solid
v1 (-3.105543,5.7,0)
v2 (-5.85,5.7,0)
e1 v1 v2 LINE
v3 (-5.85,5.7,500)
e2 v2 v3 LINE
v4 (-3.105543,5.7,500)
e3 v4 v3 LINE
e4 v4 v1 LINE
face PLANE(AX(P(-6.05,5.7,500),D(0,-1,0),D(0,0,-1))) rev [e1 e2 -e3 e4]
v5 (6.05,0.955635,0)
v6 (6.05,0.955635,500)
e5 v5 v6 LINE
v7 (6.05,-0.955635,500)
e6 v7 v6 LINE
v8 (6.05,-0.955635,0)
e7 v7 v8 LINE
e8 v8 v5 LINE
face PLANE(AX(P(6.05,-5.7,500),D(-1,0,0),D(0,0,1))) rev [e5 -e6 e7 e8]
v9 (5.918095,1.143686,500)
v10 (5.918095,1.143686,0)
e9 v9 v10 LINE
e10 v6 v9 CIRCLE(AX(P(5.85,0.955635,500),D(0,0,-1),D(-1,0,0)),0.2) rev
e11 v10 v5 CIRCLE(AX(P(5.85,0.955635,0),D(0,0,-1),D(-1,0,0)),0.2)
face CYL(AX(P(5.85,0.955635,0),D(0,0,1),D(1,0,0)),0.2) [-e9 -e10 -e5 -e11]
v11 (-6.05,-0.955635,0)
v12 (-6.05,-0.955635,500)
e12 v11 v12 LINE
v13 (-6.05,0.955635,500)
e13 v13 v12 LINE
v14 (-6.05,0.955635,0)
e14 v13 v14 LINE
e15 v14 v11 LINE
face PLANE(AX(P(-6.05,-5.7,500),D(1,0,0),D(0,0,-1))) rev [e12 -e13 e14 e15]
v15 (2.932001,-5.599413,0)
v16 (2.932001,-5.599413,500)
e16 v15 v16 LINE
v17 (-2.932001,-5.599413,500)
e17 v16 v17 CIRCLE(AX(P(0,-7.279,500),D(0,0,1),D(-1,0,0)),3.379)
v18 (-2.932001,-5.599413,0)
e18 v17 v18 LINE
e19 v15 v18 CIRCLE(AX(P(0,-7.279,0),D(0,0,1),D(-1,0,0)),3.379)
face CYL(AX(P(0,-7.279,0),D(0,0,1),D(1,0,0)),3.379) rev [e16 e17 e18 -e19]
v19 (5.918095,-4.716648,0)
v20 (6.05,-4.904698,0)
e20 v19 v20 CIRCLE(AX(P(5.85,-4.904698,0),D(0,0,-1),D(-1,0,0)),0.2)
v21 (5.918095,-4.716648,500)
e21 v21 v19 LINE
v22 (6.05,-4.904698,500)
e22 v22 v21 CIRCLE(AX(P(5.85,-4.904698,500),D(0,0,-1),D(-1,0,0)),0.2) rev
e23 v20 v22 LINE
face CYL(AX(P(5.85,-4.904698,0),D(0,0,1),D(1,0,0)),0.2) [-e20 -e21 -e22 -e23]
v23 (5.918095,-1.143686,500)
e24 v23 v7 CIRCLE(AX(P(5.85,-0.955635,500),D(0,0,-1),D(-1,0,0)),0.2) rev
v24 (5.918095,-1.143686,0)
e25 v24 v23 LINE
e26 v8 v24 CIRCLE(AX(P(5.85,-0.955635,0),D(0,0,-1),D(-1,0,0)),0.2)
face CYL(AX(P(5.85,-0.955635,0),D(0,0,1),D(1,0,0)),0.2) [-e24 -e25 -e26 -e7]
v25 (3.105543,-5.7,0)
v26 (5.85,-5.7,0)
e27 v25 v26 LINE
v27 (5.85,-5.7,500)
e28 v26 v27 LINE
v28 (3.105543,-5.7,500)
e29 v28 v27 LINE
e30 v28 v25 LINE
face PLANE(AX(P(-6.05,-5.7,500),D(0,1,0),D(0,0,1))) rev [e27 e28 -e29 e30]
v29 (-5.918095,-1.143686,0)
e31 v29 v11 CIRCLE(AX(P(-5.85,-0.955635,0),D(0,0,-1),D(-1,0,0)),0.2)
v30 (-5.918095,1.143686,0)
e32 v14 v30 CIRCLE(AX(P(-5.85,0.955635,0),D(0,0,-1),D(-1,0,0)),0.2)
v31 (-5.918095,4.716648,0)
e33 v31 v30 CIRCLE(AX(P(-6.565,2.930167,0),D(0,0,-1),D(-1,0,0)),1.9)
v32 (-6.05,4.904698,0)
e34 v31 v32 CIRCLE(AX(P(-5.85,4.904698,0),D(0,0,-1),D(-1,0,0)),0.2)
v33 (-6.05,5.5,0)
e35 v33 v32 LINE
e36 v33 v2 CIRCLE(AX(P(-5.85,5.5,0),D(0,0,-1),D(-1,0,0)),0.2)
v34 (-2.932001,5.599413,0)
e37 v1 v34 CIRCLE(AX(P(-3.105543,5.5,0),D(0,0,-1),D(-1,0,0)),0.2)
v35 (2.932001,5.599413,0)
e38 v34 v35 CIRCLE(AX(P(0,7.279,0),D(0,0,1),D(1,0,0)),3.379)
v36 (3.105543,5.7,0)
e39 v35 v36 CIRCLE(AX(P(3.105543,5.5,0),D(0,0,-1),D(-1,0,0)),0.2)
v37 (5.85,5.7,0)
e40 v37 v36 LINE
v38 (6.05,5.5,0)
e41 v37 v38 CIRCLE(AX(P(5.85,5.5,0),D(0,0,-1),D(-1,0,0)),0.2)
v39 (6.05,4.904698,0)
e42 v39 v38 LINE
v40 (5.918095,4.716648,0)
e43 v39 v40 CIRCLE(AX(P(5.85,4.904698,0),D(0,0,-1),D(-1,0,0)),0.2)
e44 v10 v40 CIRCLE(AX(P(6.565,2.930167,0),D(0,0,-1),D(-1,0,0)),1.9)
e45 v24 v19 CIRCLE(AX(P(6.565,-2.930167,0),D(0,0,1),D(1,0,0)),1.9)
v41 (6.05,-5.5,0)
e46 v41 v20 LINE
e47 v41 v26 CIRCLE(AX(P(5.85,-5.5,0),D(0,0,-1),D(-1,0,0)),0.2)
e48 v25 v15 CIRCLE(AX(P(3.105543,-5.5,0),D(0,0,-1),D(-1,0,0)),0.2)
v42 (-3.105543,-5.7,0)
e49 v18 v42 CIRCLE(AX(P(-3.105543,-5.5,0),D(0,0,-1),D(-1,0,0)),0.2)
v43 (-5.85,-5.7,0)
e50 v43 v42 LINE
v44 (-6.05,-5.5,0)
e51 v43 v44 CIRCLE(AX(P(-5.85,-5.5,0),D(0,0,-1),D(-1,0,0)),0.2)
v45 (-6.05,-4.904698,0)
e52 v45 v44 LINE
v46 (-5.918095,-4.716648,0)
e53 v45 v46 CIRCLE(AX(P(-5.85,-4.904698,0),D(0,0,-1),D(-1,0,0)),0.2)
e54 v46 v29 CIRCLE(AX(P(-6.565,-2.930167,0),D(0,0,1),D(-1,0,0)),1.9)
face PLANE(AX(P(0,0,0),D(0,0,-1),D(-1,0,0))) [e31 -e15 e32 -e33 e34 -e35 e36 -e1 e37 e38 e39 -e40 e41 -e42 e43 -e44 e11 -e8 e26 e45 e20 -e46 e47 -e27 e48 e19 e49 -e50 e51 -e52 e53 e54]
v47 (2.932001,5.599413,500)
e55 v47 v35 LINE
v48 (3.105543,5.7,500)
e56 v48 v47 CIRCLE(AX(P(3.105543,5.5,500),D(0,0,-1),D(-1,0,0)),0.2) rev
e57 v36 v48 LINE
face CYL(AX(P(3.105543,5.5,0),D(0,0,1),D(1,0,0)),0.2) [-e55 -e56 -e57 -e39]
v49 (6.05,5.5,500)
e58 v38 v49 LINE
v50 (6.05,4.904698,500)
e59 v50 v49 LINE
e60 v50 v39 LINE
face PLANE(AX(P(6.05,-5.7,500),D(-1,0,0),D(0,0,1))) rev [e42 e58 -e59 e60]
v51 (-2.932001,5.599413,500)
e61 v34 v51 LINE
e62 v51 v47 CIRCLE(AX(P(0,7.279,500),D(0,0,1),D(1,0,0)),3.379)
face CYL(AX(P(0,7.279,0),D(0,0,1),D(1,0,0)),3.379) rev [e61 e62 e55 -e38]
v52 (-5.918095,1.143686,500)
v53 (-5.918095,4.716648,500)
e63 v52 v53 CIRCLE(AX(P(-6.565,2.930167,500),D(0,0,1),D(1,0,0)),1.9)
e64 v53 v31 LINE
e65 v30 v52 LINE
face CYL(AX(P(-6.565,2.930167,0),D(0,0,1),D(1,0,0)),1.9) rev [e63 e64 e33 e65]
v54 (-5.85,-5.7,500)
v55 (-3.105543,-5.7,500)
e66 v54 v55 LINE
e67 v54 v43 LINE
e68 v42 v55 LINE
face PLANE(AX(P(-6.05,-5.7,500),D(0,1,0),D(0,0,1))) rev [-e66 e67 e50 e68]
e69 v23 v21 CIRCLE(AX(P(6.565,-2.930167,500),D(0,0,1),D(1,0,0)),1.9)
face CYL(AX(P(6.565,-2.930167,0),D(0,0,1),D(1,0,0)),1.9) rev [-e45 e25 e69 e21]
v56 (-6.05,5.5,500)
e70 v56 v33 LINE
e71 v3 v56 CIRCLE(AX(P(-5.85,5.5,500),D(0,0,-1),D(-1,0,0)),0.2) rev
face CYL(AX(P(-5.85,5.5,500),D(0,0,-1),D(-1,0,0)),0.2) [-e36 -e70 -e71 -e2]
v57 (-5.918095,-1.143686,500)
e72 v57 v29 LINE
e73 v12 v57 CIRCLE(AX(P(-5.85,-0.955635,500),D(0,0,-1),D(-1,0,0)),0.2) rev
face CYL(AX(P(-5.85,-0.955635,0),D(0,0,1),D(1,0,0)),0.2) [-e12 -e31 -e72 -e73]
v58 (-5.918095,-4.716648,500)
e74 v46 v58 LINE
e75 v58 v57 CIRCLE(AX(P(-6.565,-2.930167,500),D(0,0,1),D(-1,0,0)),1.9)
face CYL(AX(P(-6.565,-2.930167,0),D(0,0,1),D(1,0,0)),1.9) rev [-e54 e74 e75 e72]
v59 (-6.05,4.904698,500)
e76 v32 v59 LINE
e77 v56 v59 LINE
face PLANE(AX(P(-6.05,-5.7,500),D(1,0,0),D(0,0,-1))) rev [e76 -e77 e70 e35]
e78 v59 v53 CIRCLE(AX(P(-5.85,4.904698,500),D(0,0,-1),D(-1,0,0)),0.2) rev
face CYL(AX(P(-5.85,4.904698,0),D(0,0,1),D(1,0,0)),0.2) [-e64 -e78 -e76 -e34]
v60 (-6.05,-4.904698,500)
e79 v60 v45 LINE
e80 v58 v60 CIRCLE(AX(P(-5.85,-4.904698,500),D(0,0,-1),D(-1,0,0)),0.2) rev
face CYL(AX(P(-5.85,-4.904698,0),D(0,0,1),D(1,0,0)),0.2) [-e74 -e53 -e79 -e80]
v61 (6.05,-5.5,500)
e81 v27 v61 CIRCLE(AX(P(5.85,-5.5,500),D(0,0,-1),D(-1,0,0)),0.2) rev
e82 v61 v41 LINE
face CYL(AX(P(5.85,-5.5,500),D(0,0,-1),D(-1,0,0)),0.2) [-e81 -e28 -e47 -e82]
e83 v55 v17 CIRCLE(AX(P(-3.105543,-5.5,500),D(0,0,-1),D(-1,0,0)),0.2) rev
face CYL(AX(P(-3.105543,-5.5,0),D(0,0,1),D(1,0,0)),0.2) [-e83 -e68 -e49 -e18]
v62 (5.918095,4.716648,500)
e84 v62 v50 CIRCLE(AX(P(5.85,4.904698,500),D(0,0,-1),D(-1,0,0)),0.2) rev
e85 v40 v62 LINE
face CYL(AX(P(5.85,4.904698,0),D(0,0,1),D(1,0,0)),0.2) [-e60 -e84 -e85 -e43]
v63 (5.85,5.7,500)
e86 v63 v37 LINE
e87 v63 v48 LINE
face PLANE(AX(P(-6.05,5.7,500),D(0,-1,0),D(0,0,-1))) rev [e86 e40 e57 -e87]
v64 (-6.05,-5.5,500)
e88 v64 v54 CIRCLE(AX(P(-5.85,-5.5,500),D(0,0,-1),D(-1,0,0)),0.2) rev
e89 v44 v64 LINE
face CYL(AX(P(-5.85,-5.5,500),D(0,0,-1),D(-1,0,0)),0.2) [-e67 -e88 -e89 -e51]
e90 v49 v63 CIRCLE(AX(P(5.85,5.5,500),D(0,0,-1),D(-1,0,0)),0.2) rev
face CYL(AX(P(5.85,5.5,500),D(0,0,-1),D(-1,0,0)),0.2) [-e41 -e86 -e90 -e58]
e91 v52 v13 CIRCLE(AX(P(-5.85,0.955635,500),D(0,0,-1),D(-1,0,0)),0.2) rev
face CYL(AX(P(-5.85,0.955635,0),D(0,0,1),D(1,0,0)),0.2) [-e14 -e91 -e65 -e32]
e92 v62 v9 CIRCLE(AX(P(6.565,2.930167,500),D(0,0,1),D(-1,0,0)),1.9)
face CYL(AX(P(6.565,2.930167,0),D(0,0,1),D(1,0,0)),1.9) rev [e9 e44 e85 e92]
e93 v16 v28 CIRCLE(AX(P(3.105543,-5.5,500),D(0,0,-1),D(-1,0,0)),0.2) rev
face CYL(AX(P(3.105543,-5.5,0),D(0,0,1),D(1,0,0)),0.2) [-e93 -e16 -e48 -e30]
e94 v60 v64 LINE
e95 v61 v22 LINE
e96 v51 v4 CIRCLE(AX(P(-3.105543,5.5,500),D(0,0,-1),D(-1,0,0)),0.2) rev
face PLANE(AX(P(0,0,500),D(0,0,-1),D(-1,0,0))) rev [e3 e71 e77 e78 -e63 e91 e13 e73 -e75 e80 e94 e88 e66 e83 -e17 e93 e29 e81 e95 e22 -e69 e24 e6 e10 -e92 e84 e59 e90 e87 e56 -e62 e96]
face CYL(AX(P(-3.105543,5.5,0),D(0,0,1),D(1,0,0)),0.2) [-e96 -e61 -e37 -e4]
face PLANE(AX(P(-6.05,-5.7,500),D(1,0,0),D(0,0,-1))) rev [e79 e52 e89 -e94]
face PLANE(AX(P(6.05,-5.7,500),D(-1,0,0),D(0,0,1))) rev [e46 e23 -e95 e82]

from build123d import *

# Parameters (mm, degrees)
SKETCH1_W           = 12.1
SKETCH1_H           = 11.4
BOSS_EXTRUDE1_DEPTH = 500
SKETCH2_R           = 3.379
SKETCH2_R_2         = 1.9
CUT_EXTRUDE1_DEPTH  = 501.069087727
FILLET1_R           = 0.2


with BuildPart() as part:
    # Sketch1 → Boss-Extrude1 (new body)
    with BuildSketch(Plane.XY):
        Rectangle(SKETCH1_W, SKETCH1_H)
    extrude(amount=BOSS_EXTRUDE1_DEPTH)

    # Sketch2 → Cut-Extrude1 (cut, through all)
    with BuildSketch(Plane.XY.offset(500)):
        with Locations((0, 7.279)):
            Circle(SKETCH2_R)
        with Locations((0, -7.279)):
            Circle(SKETCH2_R)
        with Locations((-6.565, 2.930166572)):
            Circle(SKETCH2_R_2)
        with Locations((-6.565, -2.930166572)):
            Circle(SKETCH2_R_2)
        with Locations((6.565, -2.930166572)):
            Circle(SKETCH2_R_2)
        with Locations((6.565, 2.930166572)):
            Circle(SKETCH2_R_2)
    extrude(amount=-CUT_EXTRUDE1_DEPTH, mode=Mode.SUBTRACT)

    # Fillet1
    fillet1_edges = [part.edges().sort_by_distance(p)[0] for p in [
        (6.05, -4.759039176, 250),
        (6.05, -1.101293968, 250),
        (-6.05, -1.101293968, 250),
        (-6.05, -4.759039176, 250),
        (-6.05, 4.759039176, 250),
        (-6.05, 1.101293968, 250),
        (-2.987373428, -5.7, 250),
        (2.987373428, -5.7, 250),
        (6.05, 1.101293968, 250),
        (6.05, 4.759039176, 250),
        (2.987373428, 5.7, 250),
        (-2.987373428, 5.7, 250),
        (6.05, -5.7, 250),
        (-6.05, -5.7, 250),
        (-6.05, 5.7, 250),
        (6.05, 5.7, 250),
    ]]
    fillet(fillet1_edges, radius=FILLET1_R)


solid = part.part
